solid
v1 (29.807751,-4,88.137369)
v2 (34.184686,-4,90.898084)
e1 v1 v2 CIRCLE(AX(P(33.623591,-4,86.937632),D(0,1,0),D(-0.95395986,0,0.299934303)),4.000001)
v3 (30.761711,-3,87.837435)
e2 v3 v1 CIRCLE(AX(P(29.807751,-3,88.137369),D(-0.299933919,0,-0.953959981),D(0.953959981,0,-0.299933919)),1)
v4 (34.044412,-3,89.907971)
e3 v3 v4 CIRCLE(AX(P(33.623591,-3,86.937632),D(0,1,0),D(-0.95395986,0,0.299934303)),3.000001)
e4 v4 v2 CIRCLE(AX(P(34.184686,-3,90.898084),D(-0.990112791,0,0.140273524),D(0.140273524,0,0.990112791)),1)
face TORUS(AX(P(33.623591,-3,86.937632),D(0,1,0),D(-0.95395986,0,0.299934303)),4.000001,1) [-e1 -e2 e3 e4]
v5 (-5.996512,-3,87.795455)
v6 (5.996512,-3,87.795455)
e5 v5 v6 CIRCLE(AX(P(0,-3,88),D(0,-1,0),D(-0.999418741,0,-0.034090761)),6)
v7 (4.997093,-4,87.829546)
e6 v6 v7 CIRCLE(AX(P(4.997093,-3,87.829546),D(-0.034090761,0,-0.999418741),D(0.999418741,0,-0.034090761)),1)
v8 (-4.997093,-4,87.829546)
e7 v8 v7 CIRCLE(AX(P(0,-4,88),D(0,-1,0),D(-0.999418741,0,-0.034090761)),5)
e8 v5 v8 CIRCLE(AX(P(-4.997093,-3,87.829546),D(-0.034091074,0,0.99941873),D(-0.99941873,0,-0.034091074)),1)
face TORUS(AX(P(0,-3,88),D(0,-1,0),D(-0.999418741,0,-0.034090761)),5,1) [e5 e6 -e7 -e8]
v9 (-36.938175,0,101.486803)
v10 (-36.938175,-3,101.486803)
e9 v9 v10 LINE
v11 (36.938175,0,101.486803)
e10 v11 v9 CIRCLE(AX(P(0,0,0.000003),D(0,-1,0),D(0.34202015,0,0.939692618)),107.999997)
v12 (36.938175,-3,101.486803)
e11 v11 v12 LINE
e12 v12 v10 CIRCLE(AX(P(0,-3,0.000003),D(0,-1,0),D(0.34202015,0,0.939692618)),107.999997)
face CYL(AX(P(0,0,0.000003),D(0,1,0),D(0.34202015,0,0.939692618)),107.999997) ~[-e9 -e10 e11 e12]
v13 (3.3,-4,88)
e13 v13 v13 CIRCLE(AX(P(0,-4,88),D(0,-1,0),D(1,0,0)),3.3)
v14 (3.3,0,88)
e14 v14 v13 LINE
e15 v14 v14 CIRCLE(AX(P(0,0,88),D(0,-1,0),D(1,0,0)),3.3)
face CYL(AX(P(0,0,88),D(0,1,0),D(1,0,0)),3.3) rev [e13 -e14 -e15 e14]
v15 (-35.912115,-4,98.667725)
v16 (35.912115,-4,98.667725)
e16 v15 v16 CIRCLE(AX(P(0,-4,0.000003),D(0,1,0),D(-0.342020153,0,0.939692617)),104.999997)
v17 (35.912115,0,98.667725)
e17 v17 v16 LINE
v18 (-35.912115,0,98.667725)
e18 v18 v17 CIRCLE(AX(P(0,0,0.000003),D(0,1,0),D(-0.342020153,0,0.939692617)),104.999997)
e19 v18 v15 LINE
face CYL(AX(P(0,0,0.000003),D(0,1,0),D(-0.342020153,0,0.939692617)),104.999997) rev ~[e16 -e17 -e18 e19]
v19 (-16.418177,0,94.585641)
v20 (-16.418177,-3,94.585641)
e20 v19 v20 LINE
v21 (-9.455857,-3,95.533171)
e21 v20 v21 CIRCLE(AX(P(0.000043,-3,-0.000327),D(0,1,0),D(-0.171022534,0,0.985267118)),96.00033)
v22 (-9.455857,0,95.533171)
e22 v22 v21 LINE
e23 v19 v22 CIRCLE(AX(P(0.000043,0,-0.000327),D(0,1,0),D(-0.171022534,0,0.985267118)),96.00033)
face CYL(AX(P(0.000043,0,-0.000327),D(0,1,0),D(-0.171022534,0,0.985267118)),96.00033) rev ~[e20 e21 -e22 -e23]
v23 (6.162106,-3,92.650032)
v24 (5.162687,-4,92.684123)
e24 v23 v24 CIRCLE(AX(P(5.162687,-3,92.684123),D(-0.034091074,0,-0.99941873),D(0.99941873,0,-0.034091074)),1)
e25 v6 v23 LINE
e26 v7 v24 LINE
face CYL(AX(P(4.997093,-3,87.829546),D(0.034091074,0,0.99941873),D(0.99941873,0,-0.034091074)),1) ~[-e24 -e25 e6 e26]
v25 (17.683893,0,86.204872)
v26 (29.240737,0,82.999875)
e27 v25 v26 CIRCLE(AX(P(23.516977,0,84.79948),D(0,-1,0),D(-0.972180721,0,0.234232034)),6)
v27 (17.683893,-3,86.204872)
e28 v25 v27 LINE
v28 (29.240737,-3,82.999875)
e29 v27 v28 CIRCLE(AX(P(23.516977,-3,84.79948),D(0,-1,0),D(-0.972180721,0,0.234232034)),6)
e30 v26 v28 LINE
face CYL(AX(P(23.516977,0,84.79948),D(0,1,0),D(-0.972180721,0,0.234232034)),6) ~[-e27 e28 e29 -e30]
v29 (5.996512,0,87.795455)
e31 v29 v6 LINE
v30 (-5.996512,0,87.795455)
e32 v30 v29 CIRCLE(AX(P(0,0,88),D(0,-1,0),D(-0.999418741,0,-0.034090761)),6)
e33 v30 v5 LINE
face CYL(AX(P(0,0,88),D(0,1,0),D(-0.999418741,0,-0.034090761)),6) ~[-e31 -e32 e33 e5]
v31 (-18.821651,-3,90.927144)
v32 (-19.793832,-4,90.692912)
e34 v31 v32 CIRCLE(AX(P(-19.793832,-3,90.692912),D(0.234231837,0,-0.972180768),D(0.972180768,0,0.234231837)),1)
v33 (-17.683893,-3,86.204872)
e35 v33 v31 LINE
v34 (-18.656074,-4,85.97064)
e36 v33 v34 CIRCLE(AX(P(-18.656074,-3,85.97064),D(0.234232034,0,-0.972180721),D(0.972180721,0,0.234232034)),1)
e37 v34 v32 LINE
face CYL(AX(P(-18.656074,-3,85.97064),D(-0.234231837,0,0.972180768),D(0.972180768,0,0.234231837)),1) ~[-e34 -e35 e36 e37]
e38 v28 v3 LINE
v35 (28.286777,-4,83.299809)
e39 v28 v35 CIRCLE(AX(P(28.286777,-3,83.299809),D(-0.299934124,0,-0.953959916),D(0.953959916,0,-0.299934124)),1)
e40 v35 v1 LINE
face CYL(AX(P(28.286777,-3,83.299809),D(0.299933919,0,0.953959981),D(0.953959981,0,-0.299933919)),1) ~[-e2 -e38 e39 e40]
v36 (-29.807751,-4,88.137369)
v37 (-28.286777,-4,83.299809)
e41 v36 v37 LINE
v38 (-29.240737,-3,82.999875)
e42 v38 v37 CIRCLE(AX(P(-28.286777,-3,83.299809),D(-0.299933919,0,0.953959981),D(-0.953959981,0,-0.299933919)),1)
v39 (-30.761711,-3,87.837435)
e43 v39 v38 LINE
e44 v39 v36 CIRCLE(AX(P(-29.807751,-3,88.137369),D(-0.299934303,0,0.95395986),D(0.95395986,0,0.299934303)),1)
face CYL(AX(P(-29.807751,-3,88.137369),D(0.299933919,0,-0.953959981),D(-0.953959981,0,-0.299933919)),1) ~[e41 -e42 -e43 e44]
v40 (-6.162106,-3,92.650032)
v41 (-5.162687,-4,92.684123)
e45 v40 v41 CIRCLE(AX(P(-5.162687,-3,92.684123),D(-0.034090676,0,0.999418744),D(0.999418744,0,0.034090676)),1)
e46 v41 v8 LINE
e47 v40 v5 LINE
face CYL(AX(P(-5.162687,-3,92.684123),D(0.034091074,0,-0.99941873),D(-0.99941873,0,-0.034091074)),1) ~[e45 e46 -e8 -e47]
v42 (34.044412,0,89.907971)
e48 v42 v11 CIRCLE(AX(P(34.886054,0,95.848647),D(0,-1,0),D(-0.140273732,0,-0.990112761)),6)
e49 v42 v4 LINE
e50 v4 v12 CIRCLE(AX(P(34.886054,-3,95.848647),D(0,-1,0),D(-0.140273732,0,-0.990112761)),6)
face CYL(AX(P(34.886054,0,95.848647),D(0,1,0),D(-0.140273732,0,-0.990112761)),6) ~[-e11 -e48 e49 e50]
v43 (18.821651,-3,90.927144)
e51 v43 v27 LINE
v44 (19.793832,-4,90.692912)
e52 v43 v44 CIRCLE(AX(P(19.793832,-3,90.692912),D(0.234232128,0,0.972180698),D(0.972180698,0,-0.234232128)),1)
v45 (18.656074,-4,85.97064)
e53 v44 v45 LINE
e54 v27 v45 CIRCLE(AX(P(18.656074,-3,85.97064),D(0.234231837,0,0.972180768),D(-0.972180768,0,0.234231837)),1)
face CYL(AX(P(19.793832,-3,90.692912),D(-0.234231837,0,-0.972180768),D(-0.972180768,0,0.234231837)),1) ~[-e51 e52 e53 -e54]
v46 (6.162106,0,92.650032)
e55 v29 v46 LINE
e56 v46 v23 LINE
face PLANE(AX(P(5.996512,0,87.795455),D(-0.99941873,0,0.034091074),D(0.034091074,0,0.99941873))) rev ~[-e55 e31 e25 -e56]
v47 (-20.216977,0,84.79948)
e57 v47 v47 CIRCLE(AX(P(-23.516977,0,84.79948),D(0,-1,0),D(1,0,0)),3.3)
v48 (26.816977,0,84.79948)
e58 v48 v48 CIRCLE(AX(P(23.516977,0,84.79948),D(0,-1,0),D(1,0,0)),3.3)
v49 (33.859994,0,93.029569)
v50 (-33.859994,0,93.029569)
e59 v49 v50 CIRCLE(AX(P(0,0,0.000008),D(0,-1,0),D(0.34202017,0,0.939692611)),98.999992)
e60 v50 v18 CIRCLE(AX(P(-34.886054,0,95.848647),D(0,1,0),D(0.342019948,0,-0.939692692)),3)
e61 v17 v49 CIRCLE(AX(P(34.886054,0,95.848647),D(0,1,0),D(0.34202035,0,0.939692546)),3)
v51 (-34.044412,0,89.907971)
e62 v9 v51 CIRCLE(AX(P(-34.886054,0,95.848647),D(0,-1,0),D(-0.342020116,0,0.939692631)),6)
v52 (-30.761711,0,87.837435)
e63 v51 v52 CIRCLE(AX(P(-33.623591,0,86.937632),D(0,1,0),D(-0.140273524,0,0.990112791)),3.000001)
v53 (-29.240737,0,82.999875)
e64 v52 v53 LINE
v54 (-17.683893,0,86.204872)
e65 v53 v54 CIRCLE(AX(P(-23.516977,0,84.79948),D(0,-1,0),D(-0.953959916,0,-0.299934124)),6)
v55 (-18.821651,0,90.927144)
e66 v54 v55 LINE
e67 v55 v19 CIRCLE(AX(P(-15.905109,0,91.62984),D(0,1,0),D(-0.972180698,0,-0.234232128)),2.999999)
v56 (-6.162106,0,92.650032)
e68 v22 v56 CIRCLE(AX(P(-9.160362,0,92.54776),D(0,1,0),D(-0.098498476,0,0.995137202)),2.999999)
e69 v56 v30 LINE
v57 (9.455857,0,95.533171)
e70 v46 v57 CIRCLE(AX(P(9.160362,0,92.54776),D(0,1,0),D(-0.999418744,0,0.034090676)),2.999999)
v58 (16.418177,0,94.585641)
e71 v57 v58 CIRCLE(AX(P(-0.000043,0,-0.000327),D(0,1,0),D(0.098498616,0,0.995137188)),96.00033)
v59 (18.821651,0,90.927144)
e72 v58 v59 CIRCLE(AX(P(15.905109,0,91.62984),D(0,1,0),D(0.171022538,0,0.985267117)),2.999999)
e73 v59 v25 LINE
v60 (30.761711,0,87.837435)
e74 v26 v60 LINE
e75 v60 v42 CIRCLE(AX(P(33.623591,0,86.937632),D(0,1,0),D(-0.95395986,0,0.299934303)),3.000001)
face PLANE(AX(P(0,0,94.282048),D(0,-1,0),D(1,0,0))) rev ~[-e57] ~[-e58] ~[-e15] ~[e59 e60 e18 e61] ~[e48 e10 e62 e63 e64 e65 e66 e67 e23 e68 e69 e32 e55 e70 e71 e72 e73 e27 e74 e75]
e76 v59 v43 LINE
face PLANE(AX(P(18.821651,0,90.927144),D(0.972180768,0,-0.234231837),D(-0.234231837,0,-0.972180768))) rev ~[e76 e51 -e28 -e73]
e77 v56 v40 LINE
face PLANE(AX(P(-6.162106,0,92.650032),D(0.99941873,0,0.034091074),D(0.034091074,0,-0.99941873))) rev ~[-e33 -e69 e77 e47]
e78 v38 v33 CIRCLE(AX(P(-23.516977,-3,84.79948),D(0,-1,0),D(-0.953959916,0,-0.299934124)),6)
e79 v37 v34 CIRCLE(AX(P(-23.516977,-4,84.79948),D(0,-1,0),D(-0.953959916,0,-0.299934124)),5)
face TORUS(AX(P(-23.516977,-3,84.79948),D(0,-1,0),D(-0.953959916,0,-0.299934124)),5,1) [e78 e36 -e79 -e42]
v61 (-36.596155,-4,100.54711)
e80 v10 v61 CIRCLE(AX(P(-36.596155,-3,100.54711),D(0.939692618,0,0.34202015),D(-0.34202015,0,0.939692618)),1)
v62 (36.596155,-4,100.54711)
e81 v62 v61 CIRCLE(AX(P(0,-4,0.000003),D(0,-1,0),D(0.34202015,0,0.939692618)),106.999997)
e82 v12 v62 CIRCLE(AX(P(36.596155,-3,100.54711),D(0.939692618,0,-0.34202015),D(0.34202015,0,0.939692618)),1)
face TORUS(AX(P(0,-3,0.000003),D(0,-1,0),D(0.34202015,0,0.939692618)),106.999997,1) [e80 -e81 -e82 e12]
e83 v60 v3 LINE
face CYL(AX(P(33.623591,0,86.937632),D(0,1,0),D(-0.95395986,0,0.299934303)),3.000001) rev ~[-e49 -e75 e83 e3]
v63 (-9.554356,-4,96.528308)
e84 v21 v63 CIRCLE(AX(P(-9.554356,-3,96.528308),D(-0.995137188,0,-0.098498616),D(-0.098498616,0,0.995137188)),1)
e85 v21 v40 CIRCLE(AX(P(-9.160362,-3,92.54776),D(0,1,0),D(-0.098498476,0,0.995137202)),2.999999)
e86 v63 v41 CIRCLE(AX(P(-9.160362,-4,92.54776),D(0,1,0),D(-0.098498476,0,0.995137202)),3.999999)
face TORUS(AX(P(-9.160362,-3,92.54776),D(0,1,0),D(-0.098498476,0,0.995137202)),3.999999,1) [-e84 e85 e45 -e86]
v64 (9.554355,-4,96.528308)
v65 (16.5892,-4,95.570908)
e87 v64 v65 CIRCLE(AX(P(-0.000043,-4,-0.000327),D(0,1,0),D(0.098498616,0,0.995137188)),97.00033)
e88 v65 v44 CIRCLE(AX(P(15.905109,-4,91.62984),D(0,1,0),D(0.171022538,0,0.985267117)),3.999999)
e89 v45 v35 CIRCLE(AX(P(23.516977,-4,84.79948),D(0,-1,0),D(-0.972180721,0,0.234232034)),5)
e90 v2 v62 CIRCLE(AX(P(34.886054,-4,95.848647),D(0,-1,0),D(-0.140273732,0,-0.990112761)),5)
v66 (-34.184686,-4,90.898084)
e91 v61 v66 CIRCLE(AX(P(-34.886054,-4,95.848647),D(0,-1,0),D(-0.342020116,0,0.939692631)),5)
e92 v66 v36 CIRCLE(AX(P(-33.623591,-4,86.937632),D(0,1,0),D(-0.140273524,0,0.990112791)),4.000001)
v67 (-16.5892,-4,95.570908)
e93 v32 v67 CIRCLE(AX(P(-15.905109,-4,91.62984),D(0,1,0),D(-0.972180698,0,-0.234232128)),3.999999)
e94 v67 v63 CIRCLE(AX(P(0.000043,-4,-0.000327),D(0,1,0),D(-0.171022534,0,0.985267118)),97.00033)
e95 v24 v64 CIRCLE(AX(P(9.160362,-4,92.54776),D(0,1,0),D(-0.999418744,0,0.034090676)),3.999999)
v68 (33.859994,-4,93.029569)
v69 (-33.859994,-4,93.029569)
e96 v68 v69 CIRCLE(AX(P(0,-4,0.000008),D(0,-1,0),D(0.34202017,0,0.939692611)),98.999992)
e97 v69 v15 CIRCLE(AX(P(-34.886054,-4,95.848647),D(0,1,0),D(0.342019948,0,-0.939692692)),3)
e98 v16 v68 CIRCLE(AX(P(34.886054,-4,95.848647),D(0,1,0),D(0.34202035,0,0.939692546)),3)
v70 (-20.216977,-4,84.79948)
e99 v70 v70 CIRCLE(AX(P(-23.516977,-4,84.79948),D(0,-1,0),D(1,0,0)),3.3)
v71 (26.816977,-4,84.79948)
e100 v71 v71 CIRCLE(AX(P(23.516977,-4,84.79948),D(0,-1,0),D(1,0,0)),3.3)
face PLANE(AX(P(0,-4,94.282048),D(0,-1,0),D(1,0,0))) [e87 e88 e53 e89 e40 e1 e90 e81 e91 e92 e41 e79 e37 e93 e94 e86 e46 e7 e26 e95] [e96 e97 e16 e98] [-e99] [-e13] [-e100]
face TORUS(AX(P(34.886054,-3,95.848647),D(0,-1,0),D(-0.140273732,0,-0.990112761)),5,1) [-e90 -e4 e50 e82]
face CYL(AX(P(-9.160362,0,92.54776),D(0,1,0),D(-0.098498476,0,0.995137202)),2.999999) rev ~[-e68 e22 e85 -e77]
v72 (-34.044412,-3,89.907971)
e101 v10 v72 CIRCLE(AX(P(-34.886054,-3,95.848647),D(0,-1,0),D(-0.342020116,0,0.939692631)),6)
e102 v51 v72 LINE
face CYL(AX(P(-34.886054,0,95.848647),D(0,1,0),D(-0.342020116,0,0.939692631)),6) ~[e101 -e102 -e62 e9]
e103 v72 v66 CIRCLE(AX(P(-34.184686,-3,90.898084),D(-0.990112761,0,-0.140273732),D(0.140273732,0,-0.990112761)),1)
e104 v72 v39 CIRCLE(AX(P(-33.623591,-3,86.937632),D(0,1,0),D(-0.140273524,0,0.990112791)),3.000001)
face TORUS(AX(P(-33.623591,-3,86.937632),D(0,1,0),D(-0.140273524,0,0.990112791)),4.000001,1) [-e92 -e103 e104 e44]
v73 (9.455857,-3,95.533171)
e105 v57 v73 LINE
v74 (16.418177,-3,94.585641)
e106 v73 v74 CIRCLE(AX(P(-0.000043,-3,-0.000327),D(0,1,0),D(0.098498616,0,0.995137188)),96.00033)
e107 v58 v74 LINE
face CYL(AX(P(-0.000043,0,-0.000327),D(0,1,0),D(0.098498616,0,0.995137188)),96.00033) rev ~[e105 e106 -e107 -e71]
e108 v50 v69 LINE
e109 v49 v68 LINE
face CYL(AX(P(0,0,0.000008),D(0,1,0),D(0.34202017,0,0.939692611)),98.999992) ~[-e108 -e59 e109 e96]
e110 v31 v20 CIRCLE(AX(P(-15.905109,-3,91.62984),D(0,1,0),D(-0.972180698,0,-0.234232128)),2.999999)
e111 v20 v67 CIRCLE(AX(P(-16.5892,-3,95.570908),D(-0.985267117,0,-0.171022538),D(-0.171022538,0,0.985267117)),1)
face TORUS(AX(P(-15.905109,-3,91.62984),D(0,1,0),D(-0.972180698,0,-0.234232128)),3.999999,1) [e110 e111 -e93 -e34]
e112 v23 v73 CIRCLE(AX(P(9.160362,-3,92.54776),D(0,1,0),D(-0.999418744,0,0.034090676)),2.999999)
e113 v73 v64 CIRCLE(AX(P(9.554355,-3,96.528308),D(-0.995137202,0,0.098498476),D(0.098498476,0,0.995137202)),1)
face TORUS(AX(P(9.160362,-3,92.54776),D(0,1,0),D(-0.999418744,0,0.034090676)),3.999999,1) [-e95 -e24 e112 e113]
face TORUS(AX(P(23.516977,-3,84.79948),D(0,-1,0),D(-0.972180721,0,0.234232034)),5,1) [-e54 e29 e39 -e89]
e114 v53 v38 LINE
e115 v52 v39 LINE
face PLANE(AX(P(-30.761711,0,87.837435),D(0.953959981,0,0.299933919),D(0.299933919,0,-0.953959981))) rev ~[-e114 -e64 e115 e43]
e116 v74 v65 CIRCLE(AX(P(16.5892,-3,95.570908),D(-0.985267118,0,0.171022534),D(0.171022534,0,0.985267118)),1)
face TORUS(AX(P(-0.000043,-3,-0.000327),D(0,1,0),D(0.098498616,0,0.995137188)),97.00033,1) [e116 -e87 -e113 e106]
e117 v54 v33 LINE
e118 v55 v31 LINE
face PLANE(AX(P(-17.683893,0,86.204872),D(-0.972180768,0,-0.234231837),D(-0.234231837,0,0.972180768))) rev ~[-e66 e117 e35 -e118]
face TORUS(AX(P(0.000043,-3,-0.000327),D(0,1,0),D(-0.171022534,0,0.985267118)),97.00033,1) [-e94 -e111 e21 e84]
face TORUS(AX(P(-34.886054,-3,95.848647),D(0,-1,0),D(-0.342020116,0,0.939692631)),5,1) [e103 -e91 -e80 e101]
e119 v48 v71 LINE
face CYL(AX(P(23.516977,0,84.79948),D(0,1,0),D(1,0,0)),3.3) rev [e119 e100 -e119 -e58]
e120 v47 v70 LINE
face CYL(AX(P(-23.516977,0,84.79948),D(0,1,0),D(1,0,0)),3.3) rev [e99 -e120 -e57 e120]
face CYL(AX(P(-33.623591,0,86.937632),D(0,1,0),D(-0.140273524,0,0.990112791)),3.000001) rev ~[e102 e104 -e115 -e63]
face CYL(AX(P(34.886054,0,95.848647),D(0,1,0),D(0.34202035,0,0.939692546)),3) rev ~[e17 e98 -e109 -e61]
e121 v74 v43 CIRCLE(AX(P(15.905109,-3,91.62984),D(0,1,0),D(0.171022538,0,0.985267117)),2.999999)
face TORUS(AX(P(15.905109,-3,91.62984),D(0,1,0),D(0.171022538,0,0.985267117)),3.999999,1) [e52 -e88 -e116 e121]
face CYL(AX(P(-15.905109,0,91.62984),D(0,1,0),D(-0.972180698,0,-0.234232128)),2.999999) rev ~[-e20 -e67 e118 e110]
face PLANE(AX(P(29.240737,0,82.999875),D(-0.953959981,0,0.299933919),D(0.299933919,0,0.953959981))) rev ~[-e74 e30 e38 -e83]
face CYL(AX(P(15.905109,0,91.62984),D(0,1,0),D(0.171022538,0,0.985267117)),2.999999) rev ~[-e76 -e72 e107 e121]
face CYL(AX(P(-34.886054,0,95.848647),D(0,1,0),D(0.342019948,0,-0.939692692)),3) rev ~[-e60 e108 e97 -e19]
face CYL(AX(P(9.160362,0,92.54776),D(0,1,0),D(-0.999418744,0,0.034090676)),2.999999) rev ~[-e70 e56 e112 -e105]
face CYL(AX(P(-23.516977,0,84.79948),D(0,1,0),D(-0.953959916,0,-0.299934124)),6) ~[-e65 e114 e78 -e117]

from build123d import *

# Parameters (mm, degrees)
F0_R     = 3.3
F1_DEPTH = 4
F2_R     = 1


with BuildPart() as f1:
    # F0 (on Front) → F1 (new body)
    with BuildSketch(Plane.XZ):
        with BuildLine():
            ThreePointArc((34.044412, 89.907971), (40.707021, 94.393881), (36.938175, 101.486803))
            ThreePointArc((36.938175, 101.486803), (0, 108), (-36.938175, 101.486803))
            ThreePointArc((-36.938175, 101.486803), (-40.707021, 94.393881), (-34.044412, 89.907971))
            ThreePointArc((-34.044412, 89.907971), (-32.023131, 89.475058), (-30.761711, 87.837435))
            Line((-30.761711, 87.837435), (-29.240737, 82.999875))
            ThreePointArc((-29.240737, 82.999875), (-21.913547, 79.017697), (-17.683893, 86.204872))
            Line((-17.683893, 86.204872), (-18.821651, 90.927144))
            ThreePointArc((-18.821651, 90.927144), (-18.41244, 93.277047), (-16.418177, 94.585641))
            ThreePointArc((-16.418177, 94.585641), (-12.945689, 95.123126), (-9.455857, 95.533171))
            ThreePointArc((-9.455857, 95.533171), (-7.184419, 94.805114), (-6.162106, 92.650032))
            Line((-6.162106, 92.650032), (-5.996512, 87.795455))
            ThreePointArc((-5.996512, 87.795455), (0, 82), (5.996512, 87.795455))
            Line((5.996512, 87.795455), (6.162106, 92.650032))
            ThreePointArc((6.162106, 92.650032), (7.184419, 94.805114), (9.455857, 95.533171))
            ThreePointArc((9.455857, 95.533171), (12.945689, 95.123126), (16.418177, 94.585641))
            ThreePointArc((16.418177, 94.585641), (18.41244, 93.277047), (18.821651, 90.927144))
            Line((18.821651, 90.927144), (17.683893, 86.204872))
            ThreePointArc((17.683893, 86.204872), (21.913547, 79.017697), (29.240737, 82.999875))
            Line((29.240737, 82.999875), (30.761711, 87.837435))
            ThreePointArc((30.761711, 87.837435), (32.023131, 89.475058), (34.044412, 89.907971))
        make_face()
        with Locations((-23.516977, 84.79948)):
            Circle(F0_R, mode=Mode.SUBTRACT)
        with Locations((0, 88)):
            Circle(F0_R, mode=Mode.SUBTRACT)
        with Locations((23.516977, 84.79948)):
            Circle(F0_R, mode=Mode.SUBTRACT)
        with BuildLine():
            ThreePointArc((-35.912115, 98.667725), (0, 105), (35.912115, 98.667725))
            ThreePointArc((35.912115, 98.667725), (37.705132, 94.822587), (33.859994, 93.029569))
            ThreePointArc((33.859994, 93.029569), (0, 99), (-33.859994, 93.029569))
            ThreePointArc((-33.859994, 93.029569), (-37.705132, 94.822587), (-35.912115, 98.667725))
        make_face(mode=Mode.SUBTRACT)
    extrude(amount=F1_DEPTH)

    # F2
    f2_edges = [f1.edges().sort_by_distance(p)[0] for p in [
        (0, -4, 108),
    ]]
    fillet(f2_edges, radius=F2_R)


solid = f1.part
